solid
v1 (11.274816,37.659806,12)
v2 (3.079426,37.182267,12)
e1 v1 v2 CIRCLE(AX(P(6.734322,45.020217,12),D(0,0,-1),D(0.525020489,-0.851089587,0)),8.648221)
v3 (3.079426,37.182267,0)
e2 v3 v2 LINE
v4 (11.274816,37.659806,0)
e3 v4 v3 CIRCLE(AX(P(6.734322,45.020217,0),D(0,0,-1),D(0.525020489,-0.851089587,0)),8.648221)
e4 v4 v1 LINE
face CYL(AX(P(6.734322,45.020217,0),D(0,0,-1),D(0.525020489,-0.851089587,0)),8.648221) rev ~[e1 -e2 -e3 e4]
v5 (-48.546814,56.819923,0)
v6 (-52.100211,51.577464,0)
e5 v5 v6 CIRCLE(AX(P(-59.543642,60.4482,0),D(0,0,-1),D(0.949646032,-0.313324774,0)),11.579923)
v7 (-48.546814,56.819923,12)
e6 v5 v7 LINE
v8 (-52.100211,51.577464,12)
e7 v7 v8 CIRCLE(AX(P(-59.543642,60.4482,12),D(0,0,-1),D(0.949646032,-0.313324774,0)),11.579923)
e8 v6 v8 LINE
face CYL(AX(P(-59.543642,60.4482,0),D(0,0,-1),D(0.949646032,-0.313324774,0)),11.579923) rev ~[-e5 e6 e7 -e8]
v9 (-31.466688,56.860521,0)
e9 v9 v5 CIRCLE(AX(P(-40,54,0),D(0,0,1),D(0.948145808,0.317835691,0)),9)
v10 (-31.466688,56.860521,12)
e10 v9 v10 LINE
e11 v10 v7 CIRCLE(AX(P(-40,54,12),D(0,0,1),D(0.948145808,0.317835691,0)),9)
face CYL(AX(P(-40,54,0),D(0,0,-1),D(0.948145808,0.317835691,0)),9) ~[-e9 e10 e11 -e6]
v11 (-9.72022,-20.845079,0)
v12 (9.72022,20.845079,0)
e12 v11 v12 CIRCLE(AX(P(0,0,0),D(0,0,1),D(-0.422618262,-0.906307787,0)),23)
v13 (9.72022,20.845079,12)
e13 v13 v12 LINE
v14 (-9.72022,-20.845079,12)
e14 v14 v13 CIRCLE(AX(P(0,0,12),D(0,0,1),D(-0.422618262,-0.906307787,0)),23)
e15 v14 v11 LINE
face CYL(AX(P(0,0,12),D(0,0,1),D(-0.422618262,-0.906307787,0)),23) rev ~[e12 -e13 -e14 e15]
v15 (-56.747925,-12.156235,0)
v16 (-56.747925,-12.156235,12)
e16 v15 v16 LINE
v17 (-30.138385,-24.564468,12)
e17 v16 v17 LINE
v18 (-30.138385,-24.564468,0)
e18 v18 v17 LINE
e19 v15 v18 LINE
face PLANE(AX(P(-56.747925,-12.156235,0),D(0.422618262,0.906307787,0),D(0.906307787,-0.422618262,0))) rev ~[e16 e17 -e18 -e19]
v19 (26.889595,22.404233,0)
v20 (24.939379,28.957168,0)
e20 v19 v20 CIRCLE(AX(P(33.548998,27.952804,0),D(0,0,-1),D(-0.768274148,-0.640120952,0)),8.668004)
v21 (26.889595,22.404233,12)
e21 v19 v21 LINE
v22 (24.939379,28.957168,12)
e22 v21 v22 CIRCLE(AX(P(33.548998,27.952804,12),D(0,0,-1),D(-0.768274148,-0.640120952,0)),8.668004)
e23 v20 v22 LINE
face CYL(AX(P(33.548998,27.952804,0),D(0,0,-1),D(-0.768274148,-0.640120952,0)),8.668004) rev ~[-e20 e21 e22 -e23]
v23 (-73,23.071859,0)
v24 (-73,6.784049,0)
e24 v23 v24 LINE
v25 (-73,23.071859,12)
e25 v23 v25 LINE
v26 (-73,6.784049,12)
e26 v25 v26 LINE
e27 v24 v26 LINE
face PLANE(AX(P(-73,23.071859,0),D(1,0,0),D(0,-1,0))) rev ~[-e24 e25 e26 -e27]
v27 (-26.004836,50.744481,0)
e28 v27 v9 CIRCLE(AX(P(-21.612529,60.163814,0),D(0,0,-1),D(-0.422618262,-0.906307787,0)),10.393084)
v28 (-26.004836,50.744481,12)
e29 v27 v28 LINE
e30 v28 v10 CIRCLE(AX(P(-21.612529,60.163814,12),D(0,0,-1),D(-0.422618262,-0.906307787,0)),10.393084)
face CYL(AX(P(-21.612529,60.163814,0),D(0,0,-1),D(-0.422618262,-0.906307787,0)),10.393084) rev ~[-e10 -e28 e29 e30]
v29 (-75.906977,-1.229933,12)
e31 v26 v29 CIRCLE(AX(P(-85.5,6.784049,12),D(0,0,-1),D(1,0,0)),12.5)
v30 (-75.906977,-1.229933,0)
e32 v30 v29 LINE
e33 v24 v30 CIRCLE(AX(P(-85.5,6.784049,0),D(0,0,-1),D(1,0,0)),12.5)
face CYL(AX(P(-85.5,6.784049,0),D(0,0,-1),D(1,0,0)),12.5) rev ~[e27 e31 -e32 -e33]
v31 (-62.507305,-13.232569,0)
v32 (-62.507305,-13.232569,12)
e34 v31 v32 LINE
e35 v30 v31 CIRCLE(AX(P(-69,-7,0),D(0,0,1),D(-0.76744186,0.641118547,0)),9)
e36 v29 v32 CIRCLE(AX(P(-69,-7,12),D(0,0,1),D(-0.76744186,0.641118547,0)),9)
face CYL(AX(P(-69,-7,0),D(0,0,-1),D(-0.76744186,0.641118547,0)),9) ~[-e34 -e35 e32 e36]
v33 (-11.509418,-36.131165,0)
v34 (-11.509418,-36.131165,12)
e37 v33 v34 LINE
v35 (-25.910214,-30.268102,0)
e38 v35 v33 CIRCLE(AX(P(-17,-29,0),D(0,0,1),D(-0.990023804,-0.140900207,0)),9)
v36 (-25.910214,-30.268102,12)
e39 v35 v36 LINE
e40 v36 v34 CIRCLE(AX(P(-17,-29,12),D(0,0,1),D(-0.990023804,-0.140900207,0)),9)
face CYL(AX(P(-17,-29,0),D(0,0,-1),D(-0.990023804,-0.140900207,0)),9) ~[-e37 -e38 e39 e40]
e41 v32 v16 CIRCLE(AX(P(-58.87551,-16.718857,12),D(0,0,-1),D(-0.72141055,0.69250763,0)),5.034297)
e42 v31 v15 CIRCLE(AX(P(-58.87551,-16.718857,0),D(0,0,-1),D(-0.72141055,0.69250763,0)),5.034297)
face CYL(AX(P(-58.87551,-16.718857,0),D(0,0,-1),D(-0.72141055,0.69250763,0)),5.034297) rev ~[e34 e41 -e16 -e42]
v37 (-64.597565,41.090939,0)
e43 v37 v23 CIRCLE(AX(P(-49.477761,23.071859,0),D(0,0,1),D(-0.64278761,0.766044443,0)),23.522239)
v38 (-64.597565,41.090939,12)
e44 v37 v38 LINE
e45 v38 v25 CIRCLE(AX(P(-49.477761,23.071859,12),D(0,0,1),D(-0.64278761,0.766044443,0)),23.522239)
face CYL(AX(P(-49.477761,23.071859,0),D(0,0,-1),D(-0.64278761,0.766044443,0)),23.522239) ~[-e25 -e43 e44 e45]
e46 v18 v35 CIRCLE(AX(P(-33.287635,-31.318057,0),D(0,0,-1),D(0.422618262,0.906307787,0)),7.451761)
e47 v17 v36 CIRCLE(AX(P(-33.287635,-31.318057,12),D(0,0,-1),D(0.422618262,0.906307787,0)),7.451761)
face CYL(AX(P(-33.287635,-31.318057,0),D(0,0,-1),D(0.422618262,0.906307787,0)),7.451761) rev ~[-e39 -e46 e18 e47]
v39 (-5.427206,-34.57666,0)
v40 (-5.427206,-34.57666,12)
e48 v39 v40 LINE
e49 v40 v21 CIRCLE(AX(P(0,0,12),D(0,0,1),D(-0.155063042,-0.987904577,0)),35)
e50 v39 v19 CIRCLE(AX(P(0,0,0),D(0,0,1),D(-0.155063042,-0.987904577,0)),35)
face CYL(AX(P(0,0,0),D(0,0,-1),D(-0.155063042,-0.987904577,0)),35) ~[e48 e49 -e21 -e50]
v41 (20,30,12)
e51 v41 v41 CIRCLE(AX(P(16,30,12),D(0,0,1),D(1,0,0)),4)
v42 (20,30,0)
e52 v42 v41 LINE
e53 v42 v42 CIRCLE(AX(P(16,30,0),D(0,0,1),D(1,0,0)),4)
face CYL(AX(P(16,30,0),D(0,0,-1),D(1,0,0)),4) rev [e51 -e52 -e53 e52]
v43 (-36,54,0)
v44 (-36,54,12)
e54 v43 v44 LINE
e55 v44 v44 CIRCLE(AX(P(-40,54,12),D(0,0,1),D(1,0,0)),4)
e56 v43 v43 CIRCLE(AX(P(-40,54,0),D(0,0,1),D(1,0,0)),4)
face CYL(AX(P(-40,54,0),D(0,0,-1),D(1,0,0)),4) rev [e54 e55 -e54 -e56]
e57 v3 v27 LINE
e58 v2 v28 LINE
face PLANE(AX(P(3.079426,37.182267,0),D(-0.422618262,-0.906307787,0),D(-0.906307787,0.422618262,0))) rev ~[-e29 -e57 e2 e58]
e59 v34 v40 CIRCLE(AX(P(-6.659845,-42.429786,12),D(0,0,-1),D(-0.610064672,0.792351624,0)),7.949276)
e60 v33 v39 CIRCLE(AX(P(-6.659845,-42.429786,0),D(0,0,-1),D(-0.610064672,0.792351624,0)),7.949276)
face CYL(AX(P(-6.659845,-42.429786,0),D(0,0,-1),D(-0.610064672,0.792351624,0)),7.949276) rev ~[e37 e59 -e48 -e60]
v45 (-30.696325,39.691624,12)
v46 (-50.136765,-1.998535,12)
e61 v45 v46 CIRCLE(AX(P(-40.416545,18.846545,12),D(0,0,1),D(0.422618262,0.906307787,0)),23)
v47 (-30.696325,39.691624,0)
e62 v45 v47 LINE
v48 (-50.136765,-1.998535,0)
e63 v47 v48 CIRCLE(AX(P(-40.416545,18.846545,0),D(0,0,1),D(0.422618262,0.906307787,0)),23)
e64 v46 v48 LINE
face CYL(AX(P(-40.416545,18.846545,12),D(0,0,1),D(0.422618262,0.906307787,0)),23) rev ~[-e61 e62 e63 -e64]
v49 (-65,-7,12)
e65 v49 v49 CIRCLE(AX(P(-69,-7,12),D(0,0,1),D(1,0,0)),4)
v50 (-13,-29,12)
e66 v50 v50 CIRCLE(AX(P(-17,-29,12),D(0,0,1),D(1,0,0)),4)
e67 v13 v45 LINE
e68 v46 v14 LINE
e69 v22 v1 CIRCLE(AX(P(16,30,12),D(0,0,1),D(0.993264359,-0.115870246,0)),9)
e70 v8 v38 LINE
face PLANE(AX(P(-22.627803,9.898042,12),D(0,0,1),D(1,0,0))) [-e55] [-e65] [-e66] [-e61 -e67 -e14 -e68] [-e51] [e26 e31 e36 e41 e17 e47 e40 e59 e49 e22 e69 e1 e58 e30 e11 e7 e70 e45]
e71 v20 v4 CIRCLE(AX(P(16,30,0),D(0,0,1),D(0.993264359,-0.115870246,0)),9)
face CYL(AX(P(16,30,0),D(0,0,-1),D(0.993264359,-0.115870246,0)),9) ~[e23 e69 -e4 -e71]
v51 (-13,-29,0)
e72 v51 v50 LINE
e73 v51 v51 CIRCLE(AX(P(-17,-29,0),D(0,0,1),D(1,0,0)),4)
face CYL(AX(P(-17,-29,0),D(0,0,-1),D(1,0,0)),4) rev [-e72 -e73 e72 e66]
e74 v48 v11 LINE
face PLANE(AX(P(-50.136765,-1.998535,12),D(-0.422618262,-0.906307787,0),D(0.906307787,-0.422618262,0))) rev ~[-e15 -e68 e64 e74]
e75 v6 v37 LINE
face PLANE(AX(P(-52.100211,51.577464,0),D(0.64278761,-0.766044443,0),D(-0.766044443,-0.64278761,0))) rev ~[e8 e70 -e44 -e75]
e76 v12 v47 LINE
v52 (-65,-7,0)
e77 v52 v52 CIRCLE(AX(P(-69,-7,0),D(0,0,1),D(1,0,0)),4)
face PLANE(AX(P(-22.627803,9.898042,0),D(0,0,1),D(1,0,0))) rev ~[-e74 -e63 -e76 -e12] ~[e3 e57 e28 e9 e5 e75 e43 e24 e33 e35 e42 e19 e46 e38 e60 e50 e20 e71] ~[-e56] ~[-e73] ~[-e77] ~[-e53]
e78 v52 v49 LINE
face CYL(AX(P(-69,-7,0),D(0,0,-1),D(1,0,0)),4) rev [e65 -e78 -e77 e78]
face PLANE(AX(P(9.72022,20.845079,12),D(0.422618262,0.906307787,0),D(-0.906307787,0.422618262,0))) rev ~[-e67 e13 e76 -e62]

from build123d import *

# Parameters (mm, degrees)
F0_R     = 4
F1_DEPTH = 12
F5_DEPTH = 25


with BuildPart() as f1:
    # F0 (on Top) → F1 (new body)
    with BuildSketch(Plane.XY):
        with BuildLine():
            ThreePointArc((-26.0048357101, 50.7444812044), (-29.3644274881, 53.2410792158), (-31.4666877274, 56.8605212214))
            ThreePointArc((-31.4666877274, 56.8605212214), (-40.0213923063, 62.999974576), (-48.5468142888, 56.8199229623))
            ThreePointArc((-48.5468142888, 56.8199229623), (-49.9581514965, 53.9510477252), (-52.1002110708, 51.5774642275))
            Line((-52.1002110708, 51.5774642275), (-64.5975648535, 41.0909392778))
            ThreePointArc((-64.5975648535, 41.0909392778), (-70.7961493932, 33.0127866299), (-73, 23.0718589569))
            Line((-73, 23.0718589569), (-73, 6.7840487521))
            ThreePointArc((-73, 6.7840487521), (-73.7491959701, 2.5215841304), (-75.9069767442, -1.2299330805))
            ThreePointArc((-75.9069767442, -1.2299330805), (-75.0048915598, -13.7038255761), (-62.5073050486, -13.2325686734))
            ThreePointArc((-62.5073050486, -13.2325686734), (-59.8003263562, -11.7702356961), (-56.747924728, -12.1562352786))
            Line((-56.747924728, -12.1562352786), (-30.1383846638, -24.5644675905))
            ThreePointArc((-30.1383846638, -24.5644675905), (-27.3013538285, -26.880356732), (-25.9102142317, -30.2681018667))
            ThreePointArc((-25.9102142317, -30.2681018667), (-20.3937217432, -37.3356255152), (-11.5094179528, -36.1311646162))
            ThreePointArc((-11.5094179528, -36.1311646162), (-8.6282643598, -34.7280777032), (-5.4272064645, -34.5766601914))
            ThreePointArc((-5.4272064645, -34.5766601914), (30.4444426556, -17.2666126206), (26.8895951939, 22.4042333122))
            ThreePointArc((26.8895951939, 22.4042333122), (25.241110657, 25.4802972467), (24.9393792274, 28.9571677853))
            ThreePointArc((24.9393792274, 28.9571677853), (20.8346498039, 37.591189714), (11.2748155965, 37.6598062869))
            ThreePointArc((11.2748155965, 37.6598062869), (7.2373944377, 36.3866405331), (3.0794263015, 37.1822670966))
            Line((3.0794263015, 37.1822670966), (-26.0048357101, 50.7444812044))
        make_face()
        with Locations((-69, -7)):
            Circle(F0_R, mode=Mode.SUBTRACT)
        with Locations((-17, -29)):
            Circle(F0_R, mode=Mode.SUBTRACT)
        with BuildLine():
            ThreePointArc((9.72022002, 20.8450791018), (20.8450791018, -9.72022002), (-9.72022002, -20.8450791018))
            Line((-9.72022002, -20.8450791018), (-54.4226364125, 0))
            ThreePointArc((-54.4226364125, 0), (-59.2159612375, 4.203633051), (-61, 10.3243927587))
            Line((-61, 10.3243927587), (-61, 22.8490752496))
            ThreePointArc((-61, 22.8490752496), (-59.8756934444, 27.9204943905), (-56.7134513162, 32.041608567))
            Line((-56.7134513162, 32.041608567), (-43.5116564926, 43.1192297344))
            ThreePointArc((-43.5116564926, 43.1192297344), (-41.4626108227, 44.0208314074), (-39.2500330069, 43.6802831101))
            Line((-39.2500330069, 43.6802831101), (9.72022002, 20.8450791018))
        make_face(mode=Mode.SUBTRACT)
        with Locations((-40, 54)):
            Circle(F0_R, mode=Mode.SUBTRACT)
        with Locations((16, 30)):
            Circle(F0_R, mode=Mode.SUBTRACT)
        with BuildLine():
            Line((-54.4226364125, 0), (-9.72022002, -20.8450791018))
            ThreePointArc((-9.72022002, -20.8450791018), (20.8450791018, -9.72022002), (9.72022002, 20.8450791018))
            Line((9.72022002, 20.8450791018), (-39.2500330069, 43.6802831101))
            ThreePointArc((-39.2500330069, 43.6802831101), (-41.4626108227, 44.0208314074), (-43.5116564926, 43.1192297344))
            Line((-43.5116564926, 43.1192297344), (-56.7134513162, 32.041608567))
            ThreePointArc((-56.7134513162, 32.041608567), (-59.8756934444, 27.9204943905), (-61, 22.8490752496))
            Line((-61, 22.8490752496), (-61, 10.3243927587))
            ThreePointArc((-61, 10.3243927587), (-59.2159612375, 4.203633051), (-54.4226364125, 0))
        make_face()
    extrude(amount=F1_DEPTH)

    # F3 (on offset) → F5 (cut)
    with BuildSketch(Plane.XY.offset(12)):
        with BuildLine():
            Line((9.72022002, 20.8450791018), (-30.6963252268, 39.6916236666))
            ThreePointArc((-30.6963252268, 39.6916236666), (-61.2616243486, 28.5667645848), (-50.1367652668, -1.9985345371))
            Line((-50.1367652668, -1.9985345371), (-9.72022002, -20.8450791018))
            ThreePointArc((-9.72022002, -20.8450791018), (20.8450791018, -9.72022002), (9.72022002, 20.8450791018))
        make_face()
    extrude(amount=-F5_DEPTH, mode=Mode.SUBTRACT)


solid = f1.part
